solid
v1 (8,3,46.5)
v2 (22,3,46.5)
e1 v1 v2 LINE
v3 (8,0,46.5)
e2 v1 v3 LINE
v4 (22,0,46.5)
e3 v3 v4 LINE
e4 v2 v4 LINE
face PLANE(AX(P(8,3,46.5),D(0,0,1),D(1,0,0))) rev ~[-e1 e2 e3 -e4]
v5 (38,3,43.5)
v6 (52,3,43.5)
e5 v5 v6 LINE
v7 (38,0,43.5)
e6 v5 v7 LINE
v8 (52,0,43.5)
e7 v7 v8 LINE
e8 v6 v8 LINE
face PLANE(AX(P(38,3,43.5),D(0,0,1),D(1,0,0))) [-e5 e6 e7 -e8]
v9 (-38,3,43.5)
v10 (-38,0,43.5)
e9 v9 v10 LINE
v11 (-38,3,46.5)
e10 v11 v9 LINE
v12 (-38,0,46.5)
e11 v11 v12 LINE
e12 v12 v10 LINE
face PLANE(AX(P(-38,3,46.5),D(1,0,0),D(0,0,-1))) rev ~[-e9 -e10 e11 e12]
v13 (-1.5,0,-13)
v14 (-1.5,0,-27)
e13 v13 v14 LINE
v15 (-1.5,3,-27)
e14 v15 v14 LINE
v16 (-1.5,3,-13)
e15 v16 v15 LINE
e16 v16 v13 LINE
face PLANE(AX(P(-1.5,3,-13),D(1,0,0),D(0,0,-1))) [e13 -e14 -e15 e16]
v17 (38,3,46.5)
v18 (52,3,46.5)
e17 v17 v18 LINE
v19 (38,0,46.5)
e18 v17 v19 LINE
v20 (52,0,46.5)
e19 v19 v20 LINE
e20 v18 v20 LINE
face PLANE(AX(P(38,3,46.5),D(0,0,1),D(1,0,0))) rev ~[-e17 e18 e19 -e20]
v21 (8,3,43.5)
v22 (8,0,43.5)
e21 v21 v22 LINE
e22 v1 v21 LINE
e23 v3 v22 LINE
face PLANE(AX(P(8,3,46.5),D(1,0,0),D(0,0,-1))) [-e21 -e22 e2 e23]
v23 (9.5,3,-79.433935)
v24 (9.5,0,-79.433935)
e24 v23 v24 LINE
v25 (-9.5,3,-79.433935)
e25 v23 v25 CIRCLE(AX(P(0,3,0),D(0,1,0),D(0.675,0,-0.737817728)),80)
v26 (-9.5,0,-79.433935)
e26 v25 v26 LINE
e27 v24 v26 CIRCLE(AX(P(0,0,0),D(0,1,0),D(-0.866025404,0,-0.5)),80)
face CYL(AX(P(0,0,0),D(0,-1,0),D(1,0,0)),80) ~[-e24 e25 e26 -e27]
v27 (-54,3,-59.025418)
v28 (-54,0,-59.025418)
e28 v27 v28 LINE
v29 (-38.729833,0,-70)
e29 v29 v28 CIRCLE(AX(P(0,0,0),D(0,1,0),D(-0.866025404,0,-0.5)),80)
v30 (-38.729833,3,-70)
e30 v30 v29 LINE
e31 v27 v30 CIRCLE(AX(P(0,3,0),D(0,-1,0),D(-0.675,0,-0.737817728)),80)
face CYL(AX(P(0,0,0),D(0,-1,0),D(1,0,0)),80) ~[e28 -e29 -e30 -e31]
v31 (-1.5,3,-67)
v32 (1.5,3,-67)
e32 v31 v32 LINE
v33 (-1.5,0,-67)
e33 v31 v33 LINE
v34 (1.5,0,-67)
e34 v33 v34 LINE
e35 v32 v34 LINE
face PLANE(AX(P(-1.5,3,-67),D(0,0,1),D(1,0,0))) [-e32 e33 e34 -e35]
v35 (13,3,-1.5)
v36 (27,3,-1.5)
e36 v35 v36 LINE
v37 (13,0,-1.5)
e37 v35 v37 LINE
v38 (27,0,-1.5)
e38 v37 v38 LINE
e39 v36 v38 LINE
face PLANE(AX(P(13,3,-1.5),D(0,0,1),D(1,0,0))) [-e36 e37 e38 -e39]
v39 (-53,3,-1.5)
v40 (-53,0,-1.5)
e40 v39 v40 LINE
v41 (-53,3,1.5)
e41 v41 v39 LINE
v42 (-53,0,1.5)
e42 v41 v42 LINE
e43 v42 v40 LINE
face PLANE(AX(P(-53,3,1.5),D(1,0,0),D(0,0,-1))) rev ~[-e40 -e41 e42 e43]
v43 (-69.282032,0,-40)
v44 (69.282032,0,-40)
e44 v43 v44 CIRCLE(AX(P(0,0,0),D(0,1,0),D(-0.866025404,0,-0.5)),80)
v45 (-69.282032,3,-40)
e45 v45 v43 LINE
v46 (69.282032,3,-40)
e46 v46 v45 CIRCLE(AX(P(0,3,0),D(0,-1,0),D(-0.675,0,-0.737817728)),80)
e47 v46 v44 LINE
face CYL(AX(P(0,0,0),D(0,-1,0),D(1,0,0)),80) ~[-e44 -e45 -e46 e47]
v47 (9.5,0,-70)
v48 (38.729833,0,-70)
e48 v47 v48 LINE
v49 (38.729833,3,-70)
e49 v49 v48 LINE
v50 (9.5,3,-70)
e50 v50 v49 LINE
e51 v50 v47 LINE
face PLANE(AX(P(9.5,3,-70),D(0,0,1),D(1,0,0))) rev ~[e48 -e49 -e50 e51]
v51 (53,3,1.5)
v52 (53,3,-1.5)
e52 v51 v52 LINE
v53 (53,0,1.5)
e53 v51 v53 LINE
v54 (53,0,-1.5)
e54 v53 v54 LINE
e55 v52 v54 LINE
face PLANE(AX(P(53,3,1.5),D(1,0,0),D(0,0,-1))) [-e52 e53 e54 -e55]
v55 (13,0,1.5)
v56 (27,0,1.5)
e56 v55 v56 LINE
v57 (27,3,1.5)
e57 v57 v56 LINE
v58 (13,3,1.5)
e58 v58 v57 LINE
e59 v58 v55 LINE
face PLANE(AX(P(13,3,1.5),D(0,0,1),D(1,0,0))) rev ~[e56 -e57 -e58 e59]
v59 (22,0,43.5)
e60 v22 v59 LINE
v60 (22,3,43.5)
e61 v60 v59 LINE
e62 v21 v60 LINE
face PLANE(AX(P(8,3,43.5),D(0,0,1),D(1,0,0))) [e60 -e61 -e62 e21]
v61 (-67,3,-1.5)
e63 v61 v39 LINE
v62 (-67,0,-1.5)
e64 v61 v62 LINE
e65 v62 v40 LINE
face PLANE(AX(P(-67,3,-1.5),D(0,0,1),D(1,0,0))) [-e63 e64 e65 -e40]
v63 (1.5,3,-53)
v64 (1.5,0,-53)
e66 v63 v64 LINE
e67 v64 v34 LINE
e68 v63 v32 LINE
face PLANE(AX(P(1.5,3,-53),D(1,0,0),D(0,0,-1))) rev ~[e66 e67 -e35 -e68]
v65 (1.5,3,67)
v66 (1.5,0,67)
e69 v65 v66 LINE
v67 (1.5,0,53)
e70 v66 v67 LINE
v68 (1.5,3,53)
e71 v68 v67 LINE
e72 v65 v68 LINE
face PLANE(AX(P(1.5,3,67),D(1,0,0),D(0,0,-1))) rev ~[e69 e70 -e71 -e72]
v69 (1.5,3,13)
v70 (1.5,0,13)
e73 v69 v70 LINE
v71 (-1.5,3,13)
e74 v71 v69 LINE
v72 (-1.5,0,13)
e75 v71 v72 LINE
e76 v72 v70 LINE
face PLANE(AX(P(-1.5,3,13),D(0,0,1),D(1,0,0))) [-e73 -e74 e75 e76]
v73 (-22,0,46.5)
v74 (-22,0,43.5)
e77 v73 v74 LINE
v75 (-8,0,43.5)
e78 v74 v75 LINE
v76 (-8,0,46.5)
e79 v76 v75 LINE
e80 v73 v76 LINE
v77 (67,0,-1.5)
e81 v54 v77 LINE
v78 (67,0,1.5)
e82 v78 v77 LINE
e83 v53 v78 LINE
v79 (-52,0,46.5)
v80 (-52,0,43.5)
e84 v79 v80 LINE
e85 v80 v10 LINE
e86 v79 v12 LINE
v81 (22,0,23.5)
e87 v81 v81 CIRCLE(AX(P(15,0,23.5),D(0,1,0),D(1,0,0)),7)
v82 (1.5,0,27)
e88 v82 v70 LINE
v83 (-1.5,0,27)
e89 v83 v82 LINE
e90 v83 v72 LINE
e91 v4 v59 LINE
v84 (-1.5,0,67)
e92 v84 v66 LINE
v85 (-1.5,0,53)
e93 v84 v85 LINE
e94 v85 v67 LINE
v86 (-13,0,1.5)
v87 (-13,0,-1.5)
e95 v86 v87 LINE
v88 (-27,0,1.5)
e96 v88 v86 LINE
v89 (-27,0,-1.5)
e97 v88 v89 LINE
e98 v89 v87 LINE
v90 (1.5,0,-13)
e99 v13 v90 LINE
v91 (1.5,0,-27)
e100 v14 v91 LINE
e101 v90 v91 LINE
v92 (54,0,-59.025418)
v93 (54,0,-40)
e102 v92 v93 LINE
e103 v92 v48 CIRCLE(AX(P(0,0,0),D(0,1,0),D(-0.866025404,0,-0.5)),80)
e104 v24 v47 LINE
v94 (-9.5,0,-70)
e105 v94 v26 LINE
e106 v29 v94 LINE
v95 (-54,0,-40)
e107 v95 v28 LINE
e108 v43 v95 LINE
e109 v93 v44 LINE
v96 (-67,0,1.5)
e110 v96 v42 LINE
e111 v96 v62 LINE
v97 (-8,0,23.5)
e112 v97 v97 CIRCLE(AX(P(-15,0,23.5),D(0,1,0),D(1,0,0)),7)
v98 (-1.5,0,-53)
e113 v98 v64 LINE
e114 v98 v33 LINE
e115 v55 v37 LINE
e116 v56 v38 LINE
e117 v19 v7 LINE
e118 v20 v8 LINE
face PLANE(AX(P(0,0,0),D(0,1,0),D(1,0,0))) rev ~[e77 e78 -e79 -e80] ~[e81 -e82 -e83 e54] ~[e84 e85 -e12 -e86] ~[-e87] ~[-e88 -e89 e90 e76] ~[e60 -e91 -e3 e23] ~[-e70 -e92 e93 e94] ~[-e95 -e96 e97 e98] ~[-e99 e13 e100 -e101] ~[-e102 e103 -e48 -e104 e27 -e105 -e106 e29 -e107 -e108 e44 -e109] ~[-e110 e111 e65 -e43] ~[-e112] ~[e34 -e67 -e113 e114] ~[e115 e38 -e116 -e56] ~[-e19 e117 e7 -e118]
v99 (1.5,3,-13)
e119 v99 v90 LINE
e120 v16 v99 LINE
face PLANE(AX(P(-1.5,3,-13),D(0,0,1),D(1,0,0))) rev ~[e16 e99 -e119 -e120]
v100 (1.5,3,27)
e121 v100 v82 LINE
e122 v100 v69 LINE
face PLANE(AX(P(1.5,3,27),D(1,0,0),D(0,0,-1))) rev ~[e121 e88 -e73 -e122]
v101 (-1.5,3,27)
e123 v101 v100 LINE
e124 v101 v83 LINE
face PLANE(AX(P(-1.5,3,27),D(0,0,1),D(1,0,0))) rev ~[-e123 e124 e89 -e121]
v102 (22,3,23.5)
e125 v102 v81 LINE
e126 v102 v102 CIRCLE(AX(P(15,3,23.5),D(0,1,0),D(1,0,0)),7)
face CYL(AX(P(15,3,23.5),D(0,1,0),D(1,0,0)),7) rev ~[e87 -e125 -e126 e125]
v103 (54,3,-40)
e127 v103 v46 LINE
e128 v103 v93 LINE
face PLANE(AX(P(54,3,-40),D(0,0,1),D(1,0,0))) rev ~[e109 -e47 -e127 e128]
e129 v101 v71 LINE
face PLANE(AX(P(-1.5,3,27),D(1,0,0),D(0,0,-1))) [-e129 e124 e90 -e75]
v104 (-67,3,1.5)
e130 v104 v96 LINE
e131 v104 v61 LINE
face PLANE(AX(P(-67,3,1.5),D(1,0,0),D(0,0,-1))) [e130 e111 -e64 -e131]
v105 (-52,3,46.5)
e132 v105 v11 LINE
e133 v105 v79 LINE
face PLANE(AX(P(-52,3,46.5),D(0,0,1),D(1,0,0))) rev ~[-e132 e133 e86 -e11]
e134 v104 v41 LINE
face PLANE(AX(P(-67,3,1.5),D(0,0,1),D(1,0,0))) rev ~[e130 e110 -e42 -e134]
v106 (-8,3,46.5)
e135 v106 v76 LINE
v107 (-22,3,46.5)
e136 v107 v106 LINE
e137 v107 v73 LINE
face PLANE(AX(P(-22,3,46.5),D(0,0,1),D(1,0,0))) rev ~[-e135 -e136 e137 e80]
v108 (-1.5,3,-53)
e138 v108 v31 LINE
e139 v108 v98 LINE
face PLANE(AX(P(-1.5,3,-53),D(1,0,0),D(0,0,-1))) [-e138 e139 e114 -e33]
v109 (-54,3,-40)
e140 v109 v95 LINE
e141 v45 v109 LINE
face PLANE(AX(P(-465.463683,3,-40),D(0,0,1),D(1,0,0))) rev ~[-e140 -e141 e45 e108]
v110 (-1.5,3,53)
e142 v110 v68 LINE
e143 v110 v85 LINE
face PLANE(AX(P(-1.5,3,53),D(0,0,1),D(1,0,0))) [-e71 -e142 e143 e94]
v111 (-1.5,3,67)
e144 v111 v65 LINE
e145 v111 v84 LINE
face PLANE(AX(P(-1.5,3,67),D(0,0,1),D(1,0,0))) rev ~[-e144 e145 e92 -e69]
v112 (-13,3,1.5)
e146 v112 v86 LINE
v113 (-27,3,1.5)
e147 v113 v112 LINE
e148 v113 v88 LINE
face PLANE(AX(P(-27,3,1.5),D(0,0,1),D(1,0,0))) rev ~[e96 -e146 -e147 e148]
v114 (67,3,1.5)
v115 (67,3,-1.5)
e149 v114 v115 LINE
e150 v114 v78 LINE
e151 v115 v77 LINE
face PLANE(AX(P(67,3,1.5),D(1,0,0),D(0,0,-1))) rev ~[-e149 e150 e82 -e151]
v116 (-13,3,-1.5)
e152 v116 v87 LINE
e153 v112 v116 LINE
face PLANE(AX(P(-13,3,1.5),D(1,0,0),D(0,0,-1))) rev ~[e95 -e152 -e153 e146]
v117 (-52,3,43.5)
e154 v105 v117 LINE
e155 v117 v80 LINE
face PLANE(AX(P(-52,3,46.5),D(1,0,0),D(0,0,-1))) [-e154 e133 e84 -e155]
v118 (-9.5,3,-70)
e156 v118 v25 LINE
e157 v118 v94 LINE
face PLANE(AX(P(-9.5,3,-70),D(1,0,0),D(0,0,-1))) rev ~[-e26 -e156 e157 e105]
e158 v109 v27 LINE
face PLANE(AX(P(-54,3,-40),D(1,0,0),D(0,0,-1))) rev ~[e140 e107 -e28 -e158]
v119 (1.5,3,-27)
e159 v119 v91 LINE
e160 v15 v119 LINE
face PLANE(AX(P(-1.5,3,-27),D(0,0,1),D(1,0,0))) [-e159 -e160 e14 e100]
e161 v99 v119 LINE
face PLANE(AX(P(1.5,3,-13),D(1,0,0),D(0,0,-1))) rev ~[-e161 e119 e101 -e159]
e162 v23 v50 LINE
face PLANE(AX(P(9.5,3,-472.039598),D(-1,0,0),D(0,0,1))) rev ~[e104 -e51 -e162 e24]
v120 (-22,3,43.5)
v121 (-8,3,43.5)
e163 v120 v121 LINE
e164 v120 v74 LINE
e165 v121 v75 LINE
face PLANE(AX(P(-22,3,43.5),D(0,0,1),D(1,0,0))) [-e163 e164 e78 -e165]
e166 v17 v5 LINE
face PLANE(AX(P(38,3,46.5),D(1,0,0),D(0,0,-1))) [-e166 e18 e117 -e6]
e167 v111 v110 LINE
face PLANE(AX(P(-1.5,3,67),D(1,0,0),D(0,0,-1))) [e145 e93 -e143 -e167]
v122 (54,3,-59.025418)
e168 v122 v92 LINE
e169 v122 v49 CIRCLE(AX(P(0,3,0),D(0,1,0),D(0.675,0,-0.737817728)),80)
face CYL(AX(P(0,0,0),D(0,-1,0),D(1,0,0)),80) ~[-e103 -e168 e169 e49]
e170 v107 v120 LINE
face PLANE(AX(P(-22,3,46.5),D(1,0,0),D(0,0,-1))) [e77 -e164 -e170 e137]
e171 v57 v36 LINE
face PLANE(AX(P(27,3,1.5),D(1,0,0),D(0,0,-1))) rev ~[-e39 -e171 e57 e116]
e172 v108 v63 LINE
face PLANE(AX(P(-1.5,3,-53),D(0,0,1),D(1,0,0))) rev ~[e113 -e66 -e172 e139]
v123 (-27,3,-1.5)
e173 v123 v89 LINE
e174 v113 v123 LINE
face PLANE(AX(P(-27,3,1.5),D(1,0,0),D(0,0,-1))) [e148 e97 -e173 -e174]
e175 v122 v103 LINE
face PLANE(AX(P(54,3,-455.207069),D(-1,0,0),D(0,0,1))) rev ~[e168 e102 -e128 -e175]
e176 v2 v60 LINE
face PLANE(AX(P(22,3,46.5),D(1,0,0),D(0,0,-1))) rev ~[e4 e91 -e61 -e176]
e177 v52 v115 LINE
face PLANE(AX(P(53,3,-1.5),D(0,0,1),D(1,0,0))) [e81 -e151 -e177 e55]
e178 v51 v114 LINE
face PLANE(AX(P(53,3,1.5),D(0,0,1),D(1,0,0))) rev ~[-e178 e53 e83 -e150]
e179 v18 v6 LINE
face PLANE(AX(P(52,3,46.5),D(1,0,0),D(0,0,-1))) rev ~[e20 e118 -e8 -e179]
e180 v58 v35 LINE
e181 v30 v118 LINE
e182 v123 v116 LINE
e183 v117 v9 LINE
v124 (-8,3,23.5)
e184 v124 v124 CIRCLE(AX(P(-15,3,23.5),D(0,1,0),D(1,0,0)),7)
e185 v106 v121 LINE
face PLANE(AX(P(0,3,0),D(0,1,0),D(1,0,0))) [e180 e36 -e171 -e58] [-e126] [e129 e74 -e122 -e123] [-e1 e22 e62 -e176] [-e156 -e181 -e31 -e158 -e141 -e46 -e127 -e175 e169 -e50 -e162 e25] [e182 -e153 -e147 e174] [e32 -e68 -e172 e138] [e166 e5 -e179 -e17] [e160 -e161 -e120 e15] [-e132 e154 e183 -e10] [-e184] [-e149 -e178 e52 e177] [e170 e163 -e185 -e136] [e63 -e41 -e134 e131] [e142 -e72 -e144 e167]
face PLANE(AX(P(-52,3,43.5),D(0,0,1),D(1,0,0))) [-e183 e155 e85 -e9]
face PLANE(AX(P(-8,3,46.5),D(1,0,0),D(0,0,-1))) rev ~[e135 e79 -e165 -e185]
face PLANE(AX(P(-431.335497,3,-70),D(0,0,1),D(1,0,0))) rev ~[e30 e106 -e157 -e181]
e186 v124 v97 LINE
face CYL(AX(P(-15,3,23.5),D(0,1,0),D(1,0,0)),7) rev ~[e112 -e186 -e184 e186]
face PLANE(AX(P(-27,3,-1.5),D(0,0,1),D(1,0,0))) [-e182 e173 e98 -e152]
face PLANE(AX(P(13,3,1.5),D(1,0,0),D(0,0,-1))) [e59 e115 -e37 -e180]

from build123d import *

# Parameters (mm, degrees)
SKETCH1_R               = 80
BOSS_EXTRUDE1_DEPTH     = 3
SKETCH2_W               = 3
SKETCH2_H               = 14
SKETCH2_W_2             = 14
SKETCH2_H_2             = 3
CUT_EXTRUDE1_DEPTH      = 3
CUT_EXTRUDE3_DEPTH      = 1
CUT_EXTRUDE3_DEPTH_BACK = 3
CUT_EXTRUDE4_DEPTH      = 1
CUT_EXTRUDE4_DEPTH_BACK = 3
CUT_EXTRUDE5_DEPTH      = 1
CUT_EXTRUDE5_DEPTH_BACK = 3
CUT_EXTRUDE6_DEPTH      = 1
CUT_EXTRUDE6_DEPTH_BACK = 3
SKETCH7_R               = 7
CUT_EXTRUDE7_DEPTH      = 3


with BuildPart() as part:
    # Sketch1 → Boss-Extrude1 (new body)
    with BuildSketch(Plane(origin=(0, 0, 0), x_dir=(1, 0, 0), z_dir=(0, 1, 0))):
        Circle(SKETCH1_R)
    extrude(amount=BOSS_EXTRUDE1_DEPTH)

    # Sketch2 → Cut-Extrude1 (cut)
    with BuildSketch(Plane(origin=(0, 3, 0), x_dir=(1, 0, 0), z_dir=(0, 1, 0))):
        with Locations((0, 20)):
            Rectangle(SKETCH2_W, SKETCH2_H)
        with Locations((0, 60)):
            Rectangle(SKETCH2_W, SKETCH2_H)
        with Locations((-20, 0)):
            Rectangle(SKETCH2_W_2, SKETCH2_H_2)
        with Locations((-60, 0)):
            Rectangle(SKETCH2_W_2, SKETCH2_H_2)
        with Locations((20, 0)):
            Rectangle(SKETCH2_W_2, SKETCH2_H_2)
        with Locations((60, 0)):
            Rectangle(SKETCH2_W_2, SKETCH2_H_2)
        with Locations((0, -20)):
            Rectangle(SKETCH2_W, SKETCH2_H)
        with Locations((0, -60)):
            Rectangle(SKETCH2_W, SKETCH2_H)
        with Locations((-15, -45)):
            Rectangle(SKETCH2_W_2, SKETCH2_H_2)
        with Locations((15, -45)):
            Rectangle(SKETCH2_W_2, SKETCH2_H_2)
        with Locations((-45, -45)):
            Rectangle(SKETCH2_W_2, SKETCH2_H_2)
        with Locations((45, -45)):
            Rectangle(SKETCH2_W_2, SKETCH2_H_2)
    extrude(amount=-CUT_EXTRUDE1_DEPTH, mode=Mode.SUBTRACT)

    # Sketch3 → Cut-Extrude3 (cut, two sides)
    with BuildSketch(Plane(origin=(0, 3, 0), x_dir=(1, 0, 0), z_dir=(0, 1, 0))) as cut_extrude3_sk:
        Polygon((-465.463683449, 40), (-69.282032303, 40), (-54, 40), (-54, 59.025418253), (-54, 455.2070694), (-616.816816127, 1012.949693112), (-1028.280499576, 597.742623712), align=None)
    extrude(amount=CUT_EXTRUDE3_DEPTH, mode=Mode.SUBTRACT)
    extrude(cut_extrude3_sk.sketch, amount=-CUT_EXTRUDE3_DEPTH_BACK, mode=Mode.SUBTRACT)

    # Sketch4 → Cut-Extrude4 (cut, two sides)
    with BuildSketch(Plane(origin=(0, 3, 0), x_dir=(1, 0, 0), z_dir=(0, 1, 0))) as cut_extrude4_sk:
        Polygon((465.463683449, 40), (69.282032303, 40), (54, 40), (54, 59.025418253), (54, 455.2070694), (616.816816127, 1012.949693112), (1028.280499576, 597.742623712), align=None)
    extrude(amount=CUT_EXTRUDE4_DEPTH, mode=Mode.SUBTRACT)
    extrude(cut_extrude4_sk.sketch, amount=-CUT_EXTRUDE4_DEPTH_BACK, mode=Mode.SUBTRACT)

    # Sketch5 → Cut-Extrude5 (cut, two sides)
    with BuildSketch(Plane(origin=(0, 3, 0), x_dir=(1, 0, 0), z_dir=(0, 1, 0))) as cut_extrude5_sk:
        Polygon((-431.335496535, 70), (-38.729833462, 70), (-9.5, 70), (-9.5, 79.433934814), (-9.5, 472.039597887), (-551.23098741, 1040.444703413), (-973.066483945, 638.405105526), align=None)
    extrude(amount=CUT_EXTRUDE5_DEPTH, mode=Mode.SUBTRACT)
    extrude(cut_extrude5_sk.sketch, amount=-CUT_EXTRUDE5_DEPTH_BACK, mode=Mode.SUBTRACT)

    # Sketch6 → Cut-Extrude6 (cut, two sides)
    with BuildSketch(Plane(origin=(0, 3, 0), x_dir=(1, 0, 0), z_dir=(0, 1, 0))) as cut_extrude6_sk:
        Polygon((431.335496535, 70), (38.729833462, 70), (9.5, 70), (9.5, 79.433934814), (9.5, 472.039597887), (551.23098741, 1040.444703413), (973.066483945, 638.405105526), align=None)
    extrude(amount=CUT_EXTRUDE6_DEPTH, mode=Mode.SUBTRACT)
    extrude(cut_extrude6_sk.sketch, amount=-CUT_EXTRUDE6_DEPTH_BACK, mode=Mode.SUBTRACT)

    # Sketch7 → Cut-Extrude7 (cut)
    with BuildSketch(Plane(origin=(0, 3, 0), x_dir=(1, 0, 0), z_dir=(0, 1, 0))):
        with Locations((-15, -23.5)):
            Circle(SKETCH7_R)
        with Locations((15, -23.5)):
            Circle(SKETCH7_R)
    extrude(amount=-CUT_EXTRUDE7_DEPTH, mode=Mode.SUBTRACT)


solid = part.part
